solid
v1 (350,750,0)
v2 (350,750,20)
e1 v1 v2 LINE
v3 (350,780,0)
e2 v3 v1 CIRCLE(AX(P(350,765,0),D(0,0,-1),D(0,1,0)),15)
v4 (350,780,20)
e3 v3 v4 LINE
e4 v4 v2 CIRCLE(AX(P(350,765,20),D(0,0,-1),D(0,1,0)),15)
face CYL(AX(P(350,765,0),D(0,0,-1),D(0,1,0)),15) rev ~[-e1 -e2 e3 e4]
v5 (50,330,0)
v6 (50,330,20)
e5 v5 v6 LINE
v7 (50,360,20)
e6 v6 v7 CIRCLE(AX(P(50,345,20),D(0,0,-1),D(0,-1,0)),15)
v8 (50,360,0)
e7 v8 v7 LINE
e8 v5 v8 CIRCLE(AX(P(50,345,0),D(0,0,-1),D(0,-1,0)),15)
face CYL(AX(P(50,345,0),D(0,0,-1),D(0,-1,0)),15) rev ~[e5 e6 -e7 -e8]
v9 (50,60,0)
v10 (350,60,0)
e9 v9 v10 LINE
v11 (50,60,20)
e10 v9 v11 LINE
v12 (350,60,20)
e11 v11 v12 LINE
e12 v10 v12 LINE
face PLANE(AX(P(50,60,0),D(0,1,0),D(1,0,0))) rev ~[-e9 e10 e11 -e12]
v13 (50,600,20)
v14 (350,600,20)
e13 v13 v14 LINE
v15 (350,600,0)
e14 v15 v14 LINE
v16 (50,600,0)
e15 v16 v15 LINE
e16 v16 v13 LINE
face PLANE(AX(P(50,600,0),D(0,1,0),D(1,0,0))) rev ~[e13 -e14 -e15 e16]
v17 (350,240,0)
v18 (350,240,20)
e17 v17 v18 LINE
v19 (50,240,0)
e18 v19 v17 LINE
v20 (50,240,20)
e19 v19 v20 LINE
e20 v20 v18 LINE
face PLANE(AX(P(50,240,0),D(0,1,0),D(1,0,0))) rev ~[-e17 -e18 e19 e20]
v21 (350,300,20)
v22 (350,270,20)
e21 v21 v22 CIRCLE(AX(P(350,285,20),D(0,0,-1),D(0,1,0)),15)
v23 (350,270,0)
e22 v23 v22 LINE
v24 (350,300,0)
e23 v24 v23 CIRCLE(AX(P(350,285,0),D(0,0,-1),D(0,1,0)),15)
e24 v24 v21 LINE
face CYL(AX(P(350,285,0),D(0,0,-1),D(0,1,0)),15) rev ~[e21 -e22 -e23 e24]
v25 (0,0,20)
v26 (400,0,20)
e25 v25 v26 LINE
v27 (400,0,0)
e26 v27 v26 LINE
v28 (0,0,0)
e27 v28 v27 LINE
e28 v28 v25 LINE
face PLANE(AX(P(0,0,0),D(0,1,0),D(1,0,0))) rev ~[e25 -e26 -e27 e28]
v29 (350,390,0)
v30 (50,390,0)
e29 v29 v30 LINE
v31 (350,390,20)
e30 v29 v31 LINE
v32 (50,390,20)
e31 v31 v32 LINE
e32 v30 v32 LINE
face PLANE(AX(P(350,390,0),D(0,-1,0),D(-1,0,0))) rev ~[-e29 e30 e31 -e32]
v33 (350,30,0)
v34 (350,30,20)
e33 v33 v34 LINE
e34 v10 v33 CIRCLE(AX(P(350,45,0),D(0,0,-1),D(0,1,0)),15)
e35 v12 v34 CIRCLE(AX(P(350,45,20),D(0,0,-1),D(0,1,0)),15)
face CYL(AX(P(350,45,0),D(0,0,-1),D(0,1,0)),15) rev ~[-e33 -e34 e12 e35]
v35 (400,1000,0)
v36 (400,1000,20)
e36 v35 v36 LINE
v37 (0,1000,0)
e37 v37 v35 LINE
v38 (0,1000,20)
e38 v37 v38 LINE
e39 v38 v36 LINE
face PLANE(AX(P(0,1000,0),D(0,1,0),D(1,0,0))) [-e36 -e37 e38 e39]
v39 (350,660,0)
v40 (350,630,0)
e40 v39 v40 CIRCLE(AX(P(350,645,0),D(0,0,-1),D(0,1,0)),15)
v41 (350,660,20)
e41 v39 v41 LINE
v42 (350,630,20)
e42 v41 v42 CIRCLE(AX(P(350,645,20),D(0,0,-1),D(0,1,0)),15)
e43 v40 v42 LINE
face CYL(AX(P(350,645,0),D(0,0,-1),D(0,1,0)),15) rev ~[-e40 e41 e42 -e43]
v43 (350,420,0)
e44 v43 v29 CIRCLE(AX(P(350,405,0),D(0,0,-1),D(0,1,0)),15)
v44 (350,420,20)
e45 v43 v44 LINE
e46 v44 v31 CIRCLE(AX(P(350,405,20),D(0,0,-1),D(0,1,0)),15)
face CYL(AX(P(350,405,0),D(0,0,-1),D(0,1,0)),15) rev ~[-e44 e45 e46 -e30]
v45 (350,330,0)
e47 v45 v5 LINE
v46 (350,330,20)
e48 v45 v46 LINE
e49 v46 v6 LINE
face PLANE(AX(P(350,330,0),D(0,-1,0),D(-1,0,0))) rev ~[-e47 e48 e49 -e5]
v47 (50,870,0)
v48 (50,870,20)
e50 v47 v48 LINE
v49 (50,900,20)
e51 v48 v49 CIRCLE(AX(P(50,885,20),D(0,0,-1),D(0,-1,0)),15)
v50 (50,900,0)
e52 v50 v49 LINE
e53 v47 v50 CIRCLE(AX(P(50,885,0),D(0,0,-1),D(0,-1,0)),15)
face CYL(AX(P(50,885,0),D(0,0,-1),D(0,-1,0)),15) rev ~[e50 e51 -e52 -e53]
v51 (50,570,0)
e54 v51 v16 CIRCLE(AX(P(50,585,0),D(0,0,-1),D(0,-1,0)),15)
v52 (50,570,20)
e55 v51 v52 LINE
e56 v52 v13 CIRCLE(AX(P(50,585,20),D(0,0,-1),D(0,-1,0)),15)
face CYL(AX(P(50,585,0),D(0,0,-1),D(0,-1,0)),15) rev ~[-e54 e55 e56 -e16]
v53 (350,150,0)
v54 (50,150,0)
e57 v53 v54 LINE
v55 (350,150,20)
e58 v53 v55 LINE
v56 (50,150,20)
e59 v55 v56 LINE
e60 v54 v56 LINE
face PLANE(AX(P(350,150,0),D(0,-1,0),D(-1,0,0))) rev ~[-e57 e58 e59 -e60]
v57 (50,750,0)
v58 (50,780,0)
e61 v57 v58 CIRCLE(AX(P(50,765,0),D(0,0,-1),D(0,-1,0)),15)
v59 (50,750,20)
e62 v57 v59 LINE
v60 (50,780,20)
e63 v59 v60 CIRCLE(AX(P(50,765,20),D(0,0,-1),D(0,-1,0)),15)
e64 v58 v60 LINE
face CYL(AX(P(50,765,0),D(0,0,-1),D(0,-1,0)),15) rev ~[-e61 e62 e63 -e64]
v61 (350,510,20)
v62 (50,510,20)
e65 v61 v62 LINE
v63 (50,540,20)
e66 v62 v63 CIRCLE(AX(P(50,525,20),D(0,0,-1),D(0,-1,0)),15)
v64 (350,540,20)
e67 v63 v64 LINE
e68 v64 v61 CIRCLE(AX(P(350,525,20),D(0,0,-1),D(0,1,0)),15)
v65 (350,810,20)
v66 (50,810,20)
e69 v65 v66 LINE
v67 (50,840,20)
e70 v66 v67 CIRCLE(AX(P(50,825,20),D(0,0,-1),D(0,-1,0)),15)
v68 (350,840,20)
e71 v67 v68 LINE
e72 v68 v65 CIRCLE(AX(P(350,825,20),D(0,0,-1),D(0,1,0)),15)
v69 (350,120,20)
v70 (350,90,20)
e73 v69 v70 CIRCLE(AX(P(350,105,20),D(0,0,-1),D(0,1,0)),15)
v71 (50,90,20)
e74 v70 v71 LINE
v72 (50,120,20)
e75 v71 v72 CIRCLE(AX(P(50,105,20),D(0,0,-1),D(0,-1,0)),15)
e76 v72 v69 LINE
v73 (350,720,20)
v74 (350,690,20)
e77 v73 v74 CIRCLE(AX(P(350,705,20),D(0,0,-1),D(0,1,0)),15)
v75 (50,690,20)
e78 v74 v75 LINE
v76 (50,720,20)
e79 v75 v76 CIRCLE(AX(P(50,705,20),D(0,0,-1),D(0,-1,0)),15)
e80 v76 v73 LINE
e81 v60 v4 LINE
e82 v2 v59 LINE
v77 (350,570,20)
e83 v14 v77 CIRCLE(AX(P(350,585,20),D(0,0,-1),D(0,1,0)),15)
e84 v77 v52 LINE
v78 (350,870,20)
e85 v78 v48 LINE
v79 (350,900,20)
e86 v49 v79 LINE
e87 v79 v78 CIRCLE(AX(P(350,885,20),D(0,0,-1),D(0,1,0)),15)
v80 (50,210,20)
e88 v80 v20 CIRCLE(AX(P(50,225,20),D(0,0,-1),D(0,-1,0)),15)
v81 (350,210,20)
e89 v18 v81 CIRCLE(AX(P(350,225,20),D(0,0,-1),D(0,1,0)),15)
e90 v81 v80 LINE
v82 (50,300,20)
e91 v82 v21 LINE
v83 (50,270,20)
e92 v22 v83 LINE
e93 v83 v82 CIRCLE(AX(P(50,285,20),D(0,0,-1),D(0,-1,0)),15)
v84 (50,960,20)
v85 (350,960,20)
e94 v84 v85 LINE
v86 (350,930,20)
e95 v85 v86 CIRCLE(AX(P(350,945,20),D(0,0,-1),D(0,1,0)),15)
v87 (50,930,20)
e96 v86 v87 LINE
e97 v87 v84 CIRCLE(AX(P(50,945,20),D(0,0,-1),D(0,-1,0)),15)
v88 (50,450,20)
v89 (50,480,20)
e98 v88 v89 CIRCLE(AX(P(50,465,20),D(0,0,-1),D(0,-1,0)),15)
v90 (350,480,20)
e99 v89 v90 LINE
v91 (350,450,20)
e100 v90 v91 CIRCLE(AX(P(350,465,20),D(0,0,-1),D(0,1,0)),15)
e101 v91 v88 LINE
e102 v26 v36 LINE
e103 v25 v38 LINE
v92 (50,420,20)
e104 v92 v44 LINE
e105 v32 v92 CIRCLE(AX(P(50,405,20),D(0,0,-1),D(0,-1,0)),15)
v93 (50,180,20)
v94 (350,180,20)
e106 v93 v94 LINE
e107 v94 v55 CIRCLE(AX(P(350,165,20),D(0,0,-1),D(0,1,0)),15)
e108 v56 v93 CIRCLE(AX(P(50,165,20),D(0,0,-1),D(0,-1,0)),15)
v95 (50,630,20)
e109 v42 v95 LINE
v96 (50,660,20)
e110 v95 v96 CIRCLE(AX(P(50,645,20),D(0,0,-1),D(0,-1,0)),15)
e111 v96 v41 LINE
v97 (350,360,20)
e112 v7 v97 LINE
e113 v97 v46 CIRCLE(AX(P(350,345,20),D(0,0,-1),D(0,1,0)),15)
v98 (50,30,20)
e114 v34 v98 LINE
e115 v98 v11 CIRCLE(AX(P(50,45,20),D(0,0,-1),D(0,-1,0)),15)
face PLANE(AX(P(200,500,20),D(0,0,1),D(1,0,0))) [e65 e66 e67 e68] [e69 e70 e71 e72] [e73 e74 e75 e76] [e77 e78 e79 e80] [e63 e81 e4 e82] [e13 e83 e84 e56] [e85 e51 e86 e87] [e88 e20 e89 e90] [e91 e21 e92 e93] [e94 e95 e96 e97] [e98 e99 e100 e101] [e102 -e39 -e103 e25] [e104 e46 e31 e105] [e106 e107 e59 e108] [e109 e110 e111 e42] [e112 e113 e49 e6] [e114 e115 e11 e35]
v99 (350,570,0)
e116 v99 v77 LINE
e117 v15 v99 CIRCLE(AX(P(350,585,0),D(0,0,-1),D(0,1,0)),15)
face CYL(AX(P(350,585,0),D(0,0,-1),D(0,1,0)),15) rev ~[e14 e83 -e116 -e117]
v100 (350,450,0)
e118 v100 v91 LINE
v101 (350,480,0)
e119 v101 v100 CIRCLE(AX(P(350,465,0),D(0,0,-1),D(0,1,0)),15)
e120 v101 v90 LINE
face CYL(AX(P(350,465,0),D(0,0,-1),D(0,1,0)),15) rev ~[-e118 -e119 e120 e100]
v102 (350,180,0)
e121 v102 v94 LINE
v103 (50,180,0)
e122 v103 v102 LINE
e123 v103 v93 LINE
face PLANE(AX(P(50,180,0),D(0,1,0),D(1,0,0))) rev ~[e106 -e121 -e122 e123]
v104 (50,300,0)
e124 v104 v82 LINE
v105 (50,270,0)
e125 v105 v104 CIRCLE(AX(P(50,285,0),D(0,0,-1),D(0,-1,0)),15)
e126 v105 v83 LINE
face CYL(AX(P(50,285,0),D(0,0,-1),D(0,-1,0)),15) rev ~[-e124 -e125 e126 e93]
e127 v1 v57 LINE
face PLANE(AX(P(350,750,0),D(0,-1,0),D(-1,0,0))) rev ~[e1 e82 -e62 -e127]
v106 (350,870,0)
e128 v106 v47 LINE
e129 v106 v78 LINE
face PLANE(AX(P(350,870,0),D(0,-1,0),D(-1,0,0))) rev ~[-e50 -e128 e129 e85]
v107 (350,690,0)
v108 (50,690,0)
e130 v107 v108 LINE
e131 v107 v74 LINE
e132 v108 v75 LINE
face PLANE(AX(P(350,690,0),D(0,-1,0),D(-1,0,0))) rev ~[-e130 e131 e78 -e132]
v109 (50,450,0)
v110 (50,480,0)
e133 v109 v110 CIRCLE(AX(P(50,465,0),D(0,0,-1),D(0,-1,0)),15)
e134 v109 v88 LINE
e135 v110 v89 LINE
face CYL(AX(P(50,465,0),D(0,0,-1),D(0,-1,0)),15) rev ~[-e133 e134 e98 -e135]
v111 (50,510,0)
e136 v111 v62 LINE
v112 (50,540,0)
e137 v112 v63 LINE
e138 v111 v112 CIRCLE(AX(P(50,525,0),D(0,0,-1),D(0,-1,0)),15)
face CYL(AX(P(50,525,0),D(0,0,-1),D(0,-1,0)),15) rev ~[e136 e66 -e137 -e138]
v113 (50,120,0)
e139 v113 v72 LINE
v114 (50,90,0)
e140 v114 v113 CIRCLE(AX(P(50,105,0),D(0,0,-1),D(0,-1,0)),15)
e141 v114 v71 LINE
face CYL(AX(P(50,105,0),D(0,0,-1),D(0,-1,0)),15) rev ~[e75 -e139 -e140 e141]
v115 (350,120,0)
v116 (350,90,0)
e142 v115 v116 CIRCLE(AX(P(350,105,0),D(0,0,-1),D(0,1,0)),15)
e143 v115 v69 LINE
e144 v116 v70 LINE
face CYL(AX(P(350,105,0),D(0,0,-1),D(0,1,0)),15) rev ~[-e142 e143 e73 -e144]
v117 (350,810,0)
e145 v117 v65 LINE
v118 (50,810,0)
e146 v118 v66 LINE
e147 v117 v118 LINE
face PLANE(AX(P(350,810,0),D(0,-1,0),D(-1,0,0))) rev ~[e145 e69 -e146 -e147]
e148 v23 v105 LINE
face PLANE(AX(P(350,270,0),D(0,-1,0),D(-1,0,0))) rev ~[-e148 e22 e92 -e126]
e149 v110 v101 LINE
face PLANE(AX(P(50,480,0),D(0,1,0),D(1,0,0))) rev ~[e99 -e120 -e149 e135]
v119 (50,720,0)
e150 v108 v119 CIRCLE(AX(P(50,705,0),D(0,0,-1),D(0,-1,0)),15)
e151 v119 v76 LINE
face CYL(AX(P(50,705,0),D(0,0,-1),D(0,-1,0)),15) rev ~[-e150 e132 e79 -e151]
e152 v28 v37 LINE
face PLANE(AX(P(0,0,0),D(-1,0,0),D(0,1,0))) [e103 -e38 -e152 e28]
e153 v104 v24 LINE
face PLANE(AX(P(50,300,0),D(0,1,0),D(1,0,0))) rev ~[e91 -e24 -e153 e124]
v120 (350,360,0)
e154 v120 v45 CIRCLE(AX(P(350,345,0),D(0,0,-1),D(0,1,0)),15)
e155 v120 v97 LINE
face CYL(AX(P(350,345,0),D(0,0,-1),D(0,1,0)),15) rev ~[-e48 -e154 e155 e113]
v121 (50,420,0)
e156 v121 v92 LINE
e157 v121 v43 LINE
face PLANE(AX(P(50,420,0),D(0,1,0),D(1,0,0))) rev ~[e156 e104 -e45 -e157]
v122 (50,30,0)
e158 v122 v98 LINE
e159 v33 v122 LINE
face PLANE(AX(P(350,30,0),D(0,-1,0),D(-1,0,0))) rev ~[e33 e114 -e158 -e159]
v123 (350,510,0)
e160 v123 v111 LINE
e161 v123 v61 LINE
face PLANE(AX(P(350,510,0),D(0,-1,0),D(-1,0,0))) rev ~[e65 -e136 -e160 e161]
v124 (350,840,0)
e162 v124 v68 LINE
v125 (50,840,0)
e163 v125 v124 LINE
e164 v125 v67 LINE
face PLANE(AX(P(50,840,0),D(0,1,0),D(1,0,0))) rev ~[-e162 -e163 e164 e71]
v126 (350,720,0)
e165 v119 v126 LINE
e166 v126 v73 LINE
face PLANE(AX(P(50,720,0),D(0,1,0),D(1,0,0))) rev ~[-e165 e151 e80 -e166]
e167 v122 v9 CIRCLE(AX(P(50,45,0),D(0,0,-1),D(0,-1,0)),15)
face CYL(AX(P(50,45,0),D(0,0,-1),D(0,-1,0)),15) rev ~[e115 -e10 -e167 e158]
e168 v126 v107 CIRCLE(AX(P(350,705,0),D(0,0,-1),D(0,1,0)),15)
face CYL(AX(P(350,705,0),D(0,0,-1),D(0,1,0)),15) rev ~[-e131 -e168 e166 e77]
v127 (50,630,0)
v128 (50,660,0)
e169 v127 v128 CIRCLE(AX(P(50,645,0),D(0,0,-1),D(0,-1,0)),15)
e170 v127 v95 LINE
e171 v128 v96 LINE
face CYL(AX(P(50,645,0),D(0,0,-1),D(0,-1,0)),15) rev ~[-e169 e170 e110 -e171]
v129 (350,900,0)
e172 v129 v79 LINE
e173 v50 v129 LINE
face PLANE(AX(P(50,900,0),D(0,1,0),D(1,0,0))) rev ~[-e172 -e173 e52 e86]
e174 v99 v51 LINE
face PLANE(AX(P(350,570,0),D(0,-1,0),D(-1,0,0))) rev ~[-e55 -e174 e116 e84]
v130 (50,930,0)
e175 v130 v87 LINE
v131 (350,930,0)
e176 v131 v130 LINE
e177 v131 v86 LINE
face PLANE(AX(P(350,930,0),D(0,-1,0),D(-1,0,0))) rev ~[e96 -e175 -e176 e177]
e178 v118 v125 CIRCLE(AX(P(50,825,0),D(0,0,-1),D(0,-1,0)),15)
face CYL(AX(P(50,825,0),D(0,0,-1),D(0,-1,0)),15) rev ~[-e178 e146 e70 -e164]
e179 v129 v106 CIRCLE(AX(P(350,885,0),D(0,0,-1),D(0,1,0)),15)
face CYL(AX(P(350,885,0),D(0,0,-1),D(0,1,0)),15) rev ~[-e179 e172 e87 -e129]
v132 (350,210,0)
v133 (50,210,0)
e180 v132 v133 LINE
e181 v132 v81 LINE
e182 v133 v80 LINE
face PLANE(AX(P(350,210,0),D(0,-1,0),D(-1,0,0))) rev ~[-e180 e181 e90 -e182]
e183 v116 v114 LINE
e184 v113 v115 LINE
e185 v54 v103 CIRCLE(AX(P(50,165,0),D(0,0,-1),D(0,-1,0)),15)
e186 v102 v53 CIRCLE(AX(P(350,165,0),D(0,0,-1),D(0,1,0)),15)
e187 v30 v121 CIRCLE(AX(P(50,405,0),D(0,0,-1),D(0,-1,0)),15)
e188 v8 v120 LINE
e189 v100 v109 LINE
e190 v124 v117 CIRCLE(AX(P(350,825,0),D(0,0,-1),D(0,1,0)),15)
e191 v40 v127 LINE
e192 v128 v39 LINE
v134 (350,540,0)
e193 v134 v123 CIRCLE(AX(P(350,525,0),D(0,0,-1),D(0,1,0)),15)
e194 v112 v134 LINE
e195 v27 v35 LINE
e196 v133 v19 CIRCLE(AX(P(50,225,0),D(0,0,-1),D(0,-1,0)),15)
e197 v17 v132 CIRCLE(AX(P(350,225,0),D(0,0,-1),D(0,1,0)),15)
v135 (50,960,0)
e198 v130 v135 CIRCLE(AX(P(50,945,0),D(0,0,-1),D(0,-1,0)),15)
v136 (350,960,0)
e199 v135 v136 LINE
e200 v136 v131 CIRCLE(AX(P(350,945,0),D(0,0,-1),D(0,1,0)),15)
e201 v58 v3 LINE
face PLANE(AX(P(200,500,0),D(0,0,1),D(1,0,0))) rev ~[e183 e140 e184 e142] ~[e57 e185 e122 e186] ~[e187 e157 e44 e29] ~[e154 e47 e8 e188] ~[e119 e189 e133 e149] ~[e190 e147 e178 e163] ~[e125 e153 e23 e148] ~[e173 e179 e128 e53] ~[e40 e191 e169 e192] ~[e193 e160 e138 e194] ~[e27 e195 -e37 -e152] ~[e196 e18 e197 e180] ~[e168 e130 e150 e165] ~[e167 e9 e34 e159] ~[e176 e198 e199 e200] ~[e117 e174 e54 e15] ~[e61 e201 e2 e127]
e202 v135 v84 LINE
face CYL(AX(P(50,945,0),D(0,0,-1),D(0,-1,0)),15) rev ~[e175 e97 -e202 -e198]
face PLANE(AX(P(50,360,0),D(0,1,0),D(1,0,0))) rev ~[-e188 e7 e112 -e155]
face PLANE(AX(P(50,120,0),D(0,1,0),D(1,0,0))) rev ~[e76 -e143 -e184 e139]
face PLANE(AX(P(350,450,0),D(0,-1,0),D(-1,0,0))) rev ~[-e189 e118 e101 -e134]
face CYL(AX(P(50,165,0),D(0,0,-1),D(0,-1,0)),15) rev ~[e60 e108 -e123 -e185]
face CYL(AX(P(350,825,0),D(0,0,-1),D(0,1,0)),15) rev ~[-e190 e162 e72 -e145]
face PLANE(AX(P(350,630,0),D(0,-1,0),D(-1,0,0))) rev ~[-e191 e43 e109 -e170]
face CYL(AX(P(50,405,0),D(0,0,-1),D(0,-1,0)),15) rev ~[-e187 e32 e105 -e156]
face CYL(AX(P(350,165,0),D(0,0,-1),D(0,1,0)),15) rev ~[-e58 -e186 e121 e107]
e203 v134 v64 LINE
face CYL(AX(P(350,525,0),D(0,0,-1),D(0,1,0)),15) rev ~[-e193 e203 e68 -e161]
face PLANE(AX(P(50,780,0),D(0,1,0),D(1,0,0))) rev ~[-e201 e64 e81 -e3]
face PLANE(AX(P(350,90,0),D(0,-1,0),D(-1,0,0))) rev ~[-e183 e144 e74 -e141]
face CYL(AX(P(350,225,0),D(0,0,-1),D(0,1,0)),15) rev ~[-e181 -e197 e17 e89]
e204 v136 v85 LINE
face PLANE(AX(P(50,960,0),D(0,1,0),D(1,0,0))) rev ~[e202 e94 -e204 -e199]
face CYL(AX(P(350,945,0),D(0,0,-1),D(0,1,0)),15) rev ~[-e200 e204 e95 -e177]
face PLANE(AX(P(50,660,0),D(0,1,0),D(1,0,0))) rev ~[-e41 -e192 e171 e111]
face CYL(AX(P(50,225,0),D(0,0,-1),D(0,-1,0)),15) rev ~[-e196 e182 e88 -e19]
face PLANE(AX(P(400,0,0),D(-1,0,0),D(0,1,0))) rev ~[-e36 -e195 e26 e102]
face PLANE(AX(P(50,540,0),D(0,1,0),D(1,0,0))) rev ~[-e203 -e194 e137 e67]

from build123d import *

# Parameters (mm, degrees)
F0_W     = 400
F0_H     = 1000
F1_DEPTH = 20


with BuildPart() as f1:
    # F0 (on Top) → F1 (new body)
    with BuildSketch(Plane.XY):
        with Locations((200, 500)):
            Rectangle(F0_W, F0_H)
        with BuildLine():
            Line((350, 30), (50, 30))
            ThreePointArc((50, 30), (35, 45), (50, 60))
            Line((50, 60), (350, 60))
            ThreePointArc((350, 60), (365, 45), (350, 30))
        make_face(mode=Mode.SUBTRACT)
        with BuildLine():
            Line((350, 90), (50, 90))
            ThreePointArc((50, 90), (35, 105), (50, 120))
            Line((50, 120), (350, 120))
            ThreePointArc((350, 120), (365, 105), (350, 90))
        make_face(mode=Mode.SUBTRACT)
        with BuildLine():
            Line((350, 150), (50, 150))
            ThreePointArc((50, 150), (35, 165), (50, 180))
            Line((50, 180), (350, 180))
            ThreePointArc((350, 180), (365, 165), (350, 150))
        make_face(mode=Mode.SUBTRACT)
        with BuildLine():
            Line((350, 210), (50, 210))
            ThreePointArc((50, 210), (35, 225), (50, 240))
            Line((50, 240), (350, 240))
            ThreePointArc((350, 240), (365, 225), (350, 210))
        make_face(mode=Mode.SUBTRACT)
        with BuildLine():
            Line((350, 270), (50, 270))
            ThreePointArc((50, 270), (35, 285), (50, 300))
            Line((50, 300), (350, 300))
            ThreePointArc((350, 300), (365, 285), (350, 270))
        make_face(mode=Mode.SUBTRACT)
        with BuildLine():
            Line((350, 330), (50, 330))
            ThreePointArc((50, 330), (35, 345), (50, 360))
            Line((50, 360), (350, 360))
            ThreePointArc((350, 360), (365, 345), (350, 330))
        make_face(mode=Mode.SUBTRACT)
        with BuildLine():
            Line((350, 390), (50, 390))
            ThreePointArc((50, 390), (35, 405), (50, 420))
            Line((50, 420), (350, 420))
            ThreePointArc((350, 420), (365, 405), (350, 390))
        make_face(mode=Mode.SUBTRACT)
        with BuildLine():
            Line((350, 450), (50, 450))
            ThreePointArc((50, 450), (35, 465), (50, 480))
            Line((50, 480), (350, 480))
            ThreePointArc((350, 480), (365, 465), (350, 450))
        make_face(mode=Mode.SUBTRACT)
        with BuildLine():
            Line((350, 510), (50, 510))
            ThreePointArc((50, 510), (35, 525), (50, 540))
            Line((50, 540), (350, 540))
            ThreePointArc((350, 540), (365, 525), (350, 510))
        make_face(mode=Mode.SUBTRACT)
        with BuildLine():
            Line((350, 570), (50, 570))
            ThreePointArc((50, 570), (35, 585), (50, 600))
            Line((50, 600), (350, 600))
            ThreePointArc((350, 600), (365, 585), (350, 570))
        make_face(mode=Mode.SUBTRACT)
        with BuildLine():
            Line((350, 630), (50, 630))
            ThreePointArc((50, 630), (35, 645), (50, 660))
            Line((50, 660), (350, 660))
            ThreePointArc((350, 660), (365, 645), (350, 630))
        make_face(mode=Mode.SUBTRACT)
        with BuildLine():
            Line((350, 690), (50, 690))
            ThreePointArc((50, 690), (35, 705), (50, 720))
            Line((50, 720), (350, 720))
            ThreePointArc((350, 720), (365, 705), (350, 690))
        make_face(mode=Mode.SUBTRACT)
        with BuildLine():
            Line((350, 750), (50, 750))
            ThreePointArc((50, 750), (35, 765), (50, 780))
            Line((50, 780), (350, 780))
            ThreePointArc((350, 780), (365, 765), (350, 750))
        make_face(mode=Mode.SUBTRACT)
        with BuildLine():
            Line((350, 810), (50, 810))
            ThreePointArc((50, 810), (35, 825), (50, 840))
            Line((50, 840), (350, 840))
            ThreePointArc((350, 840), (365, 825), (350, 810))
        make_face(mode=Mode.SUBTRACT)
        with BuildLine():
            Line((350, 870), (50, 870))
            ThreePointArc((50, 870), (35, 885), (50, 900))
            Line((50, 900), (350, 900))
            ThreePointArc((350, 900), (365, 885), (350, 870))
        make_face(mode=Mode.SUBTRACT)
        with BuildLine():
            Line((350, 930), (50, 930))
            ThreePointArc((50, 930), (35, 945), (50, 960))
            Line((50, 960), (350, 960))
            ThreePointArc((350, 960), (365, 945), (350, 930))
        make_face(mode=Mode.SUBTRACT)
    extrude(amount=F1_DEPTH)


solid = f1.part
